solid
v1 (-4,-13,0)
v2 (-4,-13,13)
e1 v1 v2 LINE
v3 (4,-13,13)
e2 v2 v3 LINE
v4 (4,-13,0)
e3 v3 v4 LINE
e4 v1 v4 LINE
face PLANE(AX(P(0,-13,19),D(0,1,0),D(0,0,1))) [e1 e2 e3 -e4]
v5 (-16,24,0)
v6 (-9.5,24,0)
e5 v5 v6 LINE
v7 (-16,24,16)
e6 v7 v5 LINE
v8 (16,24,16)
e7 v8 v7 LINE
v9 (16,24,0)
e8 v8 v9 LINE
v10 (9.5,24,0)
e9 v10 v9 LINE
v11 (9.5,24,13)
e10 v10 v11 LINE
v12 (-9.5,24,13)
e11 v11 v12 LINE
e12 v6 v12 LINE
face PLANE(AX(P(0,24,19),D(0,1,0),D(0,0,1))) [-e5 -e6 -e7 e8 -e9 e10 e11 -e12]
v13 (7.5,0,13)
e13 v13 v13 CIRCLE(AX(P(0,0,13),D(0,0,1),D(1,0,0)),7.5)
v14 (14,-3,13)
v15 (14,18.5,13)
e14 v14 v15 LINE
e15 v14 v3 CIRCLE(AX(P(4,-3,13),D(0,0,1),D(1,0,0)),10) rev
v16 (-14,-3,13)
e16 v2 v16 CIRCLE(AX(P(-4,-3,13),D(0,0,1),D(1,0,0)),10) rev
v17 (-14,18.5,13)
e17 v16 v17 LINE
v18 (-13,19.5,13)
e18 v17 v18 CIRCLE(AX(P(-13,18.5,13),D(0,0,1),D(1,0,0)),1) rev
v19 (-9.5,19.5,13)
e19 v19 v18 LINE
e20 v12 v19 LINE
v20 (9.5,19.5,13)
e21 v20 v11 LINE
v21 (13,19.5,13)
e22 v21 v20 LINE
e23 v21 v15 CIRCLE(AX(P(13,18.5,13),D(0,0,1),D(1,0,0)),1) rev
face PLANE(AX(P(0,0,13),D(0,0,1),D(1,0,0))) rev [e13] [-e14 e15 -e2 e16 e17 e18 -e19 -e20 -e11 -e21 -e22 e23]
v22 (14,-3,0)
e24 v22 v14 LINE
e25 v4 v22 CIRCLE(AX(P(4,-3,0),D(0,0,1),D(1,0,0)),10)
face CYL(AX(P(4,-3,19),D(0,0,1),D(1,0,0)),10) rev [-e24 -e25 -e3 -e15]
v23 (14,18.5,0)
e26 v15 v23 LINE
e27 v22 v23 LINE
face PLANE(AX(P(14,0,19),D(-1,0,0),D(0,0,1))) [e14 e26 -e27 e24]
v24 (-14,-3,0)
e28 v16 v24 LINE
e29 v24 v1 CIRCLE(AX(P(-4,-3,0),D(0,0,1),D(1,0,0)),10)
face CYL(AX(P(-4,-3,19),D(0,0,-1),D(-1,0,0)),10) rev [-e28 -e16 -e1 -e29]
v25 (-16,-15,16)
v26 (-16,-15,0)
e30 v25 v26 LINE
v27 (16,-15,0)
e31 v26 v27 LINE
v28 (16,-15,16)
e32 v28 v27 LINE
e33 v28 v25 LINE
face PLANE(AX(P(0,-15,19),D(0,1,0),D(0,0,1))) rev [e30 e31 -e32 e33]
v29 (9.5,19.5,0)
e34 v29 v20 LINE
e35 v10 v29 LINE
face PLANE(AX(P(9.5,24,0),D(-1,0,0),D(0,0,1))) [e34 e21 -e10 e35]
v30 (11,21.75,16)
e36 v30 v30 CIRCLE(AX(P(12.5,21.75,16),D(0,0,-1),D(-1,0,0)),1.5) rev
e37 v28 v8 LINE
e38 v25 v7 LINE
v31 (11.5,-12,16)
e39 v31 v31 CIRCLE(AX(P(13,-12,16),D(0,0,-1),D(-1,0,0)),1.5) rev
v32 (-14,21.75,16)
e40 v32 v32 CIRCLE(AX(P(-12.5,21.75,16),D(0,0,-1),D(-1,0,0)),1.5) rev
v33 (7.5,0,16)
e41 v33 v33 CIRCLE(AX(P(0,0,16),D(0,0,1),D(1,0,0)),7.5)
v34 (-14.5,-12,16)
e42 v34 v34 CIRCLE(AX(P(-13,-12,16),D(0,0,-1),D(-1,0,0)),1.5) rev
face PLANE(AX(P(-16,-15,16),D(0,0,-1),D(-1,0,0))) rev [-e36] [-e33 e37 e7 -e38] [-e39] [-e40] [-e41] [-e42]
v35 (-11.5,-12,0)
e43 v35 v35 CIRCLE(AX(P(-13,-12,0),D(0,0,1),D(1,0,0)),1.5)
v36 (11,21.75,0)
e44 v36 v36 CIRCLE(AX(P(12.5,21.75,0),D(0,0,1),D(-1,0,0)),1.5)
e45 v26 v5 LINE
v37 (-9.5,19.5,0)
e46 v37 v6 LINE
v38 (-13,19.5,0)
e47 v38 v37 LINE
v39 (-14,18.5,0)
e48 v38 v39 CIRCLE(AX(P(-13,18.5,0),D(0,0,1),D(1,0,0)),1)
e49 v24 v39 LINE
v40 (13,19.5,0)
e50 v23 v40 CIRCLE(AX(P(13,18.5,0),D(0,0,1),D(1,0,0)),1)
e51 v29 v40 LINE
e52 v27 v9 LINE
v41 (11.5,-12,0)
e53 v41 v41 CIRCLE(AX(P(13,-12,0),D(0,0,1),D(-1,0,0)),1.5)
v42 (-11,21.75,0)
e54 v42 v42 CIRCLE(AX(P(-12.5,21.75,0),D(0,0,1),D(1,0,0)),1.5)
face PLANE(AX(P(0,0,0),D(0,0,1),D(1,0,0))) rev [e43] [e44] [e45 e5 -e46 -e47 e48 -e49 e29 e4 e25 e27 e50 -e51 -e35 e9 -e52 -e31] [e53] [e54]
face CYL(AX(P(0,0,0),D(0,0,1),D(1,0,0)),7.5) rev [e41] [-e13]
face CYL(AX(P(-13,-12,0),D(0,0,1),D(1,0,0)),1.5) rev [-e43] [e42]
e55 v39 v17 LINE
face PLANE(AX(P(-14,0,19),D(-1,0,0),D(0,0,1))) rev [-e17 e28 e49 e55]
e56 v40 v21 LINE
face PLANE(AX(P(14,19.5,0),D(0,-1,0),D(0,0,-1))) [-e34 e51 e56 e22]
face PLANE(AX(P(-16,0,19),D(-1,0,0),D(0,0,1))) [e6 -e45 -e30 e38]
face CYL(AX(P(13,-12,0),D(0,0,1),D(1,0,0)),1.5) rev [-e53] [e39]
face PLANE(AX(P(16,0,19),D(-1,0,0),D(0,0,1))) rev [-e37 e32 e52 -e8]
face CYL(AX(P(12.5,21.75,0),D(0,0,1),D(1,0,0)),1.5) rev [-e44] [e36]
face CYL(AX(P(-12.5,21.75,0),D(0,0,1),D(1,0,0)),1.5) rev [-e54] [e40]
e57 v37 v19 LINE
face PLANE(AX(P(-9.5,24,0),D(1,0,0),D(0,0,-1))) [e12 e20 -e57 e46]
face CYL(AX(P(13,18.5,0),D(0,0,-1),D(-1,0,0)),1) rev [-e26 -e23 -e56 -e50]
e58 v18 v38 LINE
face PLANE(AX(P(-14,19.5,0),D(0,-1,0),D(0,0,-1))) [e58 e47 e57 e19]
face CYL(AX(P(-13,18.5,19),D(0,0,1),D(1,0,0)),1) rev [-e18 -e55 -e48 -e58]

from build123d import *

# Parameters (mm, degrees)
BOSS_EXTRUDE1_DEPTH = 19
SKETCH2_W           = 4.5
SKETCH2_H           = 4.5
BOSS_EXTRUDE2_DEPTH = 19
FILLET1_R           = 10
FILLET2_R           = 10
FILLET3_R           = 1
SKETCH3_R           = 1.5
CUT_EXTRUDE1_DEPTH  = 19
SKETCH4_W           = 32
SKETCH4_H           = 3
CUT_EXTRUDE2_DEPTH  = 47.238512087
SKETCH5_W           = 32
SKETCH5_H           = 39
SKETCH5_R           = 1.5
BOSS_EXTRUDE3_DEPTH = 3
SKETCH6_R           = 7.5
CUT_EXTRUDE3_DEPTH  = 33.984845005


with BuildPart() as part:
    # Sketch1 → Boss-Extrude1 (new body)
    with BuildSketch(Plane.XY):
        with BuildLine():
            Line((-16, 24), (-16, 0))
            ThreePointArc((-16, 0), (-15.491933385, 4), (-14, 7.745966692))
            Line((-14, 7.745966692), (-14, 22))
            Line((-14, 22), (-14, 24))
            Line((-14, 24), (-16, 24))
        make_face()
        with BuildLine():
            ThreePointArc((-14, 7.745966692), (-15.491933385, 4), (-16, 0))
            ThreePointArc((-16, 0), (-15.491933385, -4), (-14, -7.745966692))
            Line((-14, -7.745966692), (-14, 0))
            Line((-14, 0), (-14, 7.745966692))
        make_face()
        with BuildLine():
            ThreePointArc((-14, -7.745966692), (-15.491933385, -4), (-16, 0))
            Line((-16, 0), (-16, -15))
            Line((-16, -15), (-5.567764363, -15))
            ThreePointArc((-5.567764363, -15), (-7.514407784, -14.125638947), (-9.327379053, -13))
            Line((-9.327379053, -13), (-14, -13))
            Line((-14, -13), (-14, -7.745966692))
        make_face()
        with BuildLine():
            ThreePointArc((-9.327379053, -13), (-7.514407784, -14.125638947), (-5.567764363, -15))
            Line((-5.567764363, -15), (5.567764363, -15))
            ThreePointArc((5.567764363, -15), (7.514407784, -14.125638947), (9.327379053, -13))
            Line((9.327379053, -13), (5.196152423, -13))
            ThreePointArc((5.196152423, -13), (0, -14), (-5.196152423, -13))
            Line((-5.196152423, -13), (-9.327379053, -13))
        make_face()
        with BuildLine():
            Line((5.196152423, -13), (-5.196152423, -13))
            ThreePointArc((-5.196152423, -13), (0, -14), (5.196152423, -13))
        make_face()
        with BuildLine():
            ThreePointArc((9.327379053, -13), (7.514407784, -14.125638947), (5.567764363, -15))
            Line((5.567764363, -15), (16, -15))
            Line((16, -15), (16, 0))
            ThreePointArc((16, 0), (15.491933385, -4), (14, -7.745966692))
            Line((14, -7.745966692), (14, -13))
            Line((14, -13), (9.327379053, -13))
        make_face()
        with BuildLine():
            ThreePointArc((16, 0), (15.491933385, 4), (14, 7.745966692))
            Line((14, 7.745966692), (14, 0))
            Line((14, 0), (14, -7.745966692))
            ThreePointArc((14, -7.745966692), (15.491933385, -4), (16, 0))
        make_face()
        with BuildLine():
            Line((14, 22), (14, 7.745966692))
            ThreePointArc((14, 7.745966692), (15.491933385, 4), (16, 0))
            Line((16, 0), (16, 24))
            Line((16, 24), (14, 24))
            Line((14, 24), (14, 22))
        make_face()
    extrude(amount=BOSS_EXTRUDE1_DEPTH)

    # Sketch2 → Boss-Extrude2 (add)
    with BuildSketch(Plane.XY.offset(19)):
        with Locations((-11.75, 21.75)):
            Rectangle(SKETCH2_W, SKETCH2_H)
        with Locations((11.75, 21.75)):
            Rectangle(SKETCH2_W, SKETCH2_H)
    extrude(amount=-BOSS_EXTRUDE2_DEPTH)

    # Fillet1
    fillet1_edges = [part.edges().sort_by_distance(p)[0] for p in [
        (-14, -13, 9.5),
    ]]
    fillet(fillet1_edges, radius=FILLET1_R)

    # Fillet2
    fillet2_edges = [part.edges().sort_by_distance(p)[0] for p in [
        (14, -13, 9.5),
    ]]
    fillet(fillet2_edges, radius=FILLET2_R)

    # Fillet3
    fillet3_edges = [part.edges().sort_by_distance(p)[0] for p in [
        (-14, 19.5, 9.5),
        (14, 19.5, 9.5),
    ]]
    fillet(fillet3_edges, radius=FILLET3_R)

    # Sketch3 → Cut-Extrude1 (cut)
    with BuildSketch(Plane.XY.offset(19)):
        with Locations((-12.5, 21.75)):
            Circle(SKETCH3_R)
        with Locations((-13, -12)):
            Circle(SKETCH3_R)
        with Locations(Location((12.5, 21.75, 0), (0, 0, 180))):
            Circle(SKETCH3_R)
        with Locations(Location((13, -12, 0), (0, 0, 180))):
            Circle(SKETCH3_R)
    extrude(amount=-CUT_EXTRUDE1_DEPTH, mode=Mode.SUBTRACT)

    # Sketch4 → Cut-Extrude2 (cut, through all)
    with BuildSketch(Plane(origin=(0, 24, 0), x_dir=(1, 0, 0), z_dir=(0, 1, 0))):
        with Locations((0, -17.5)):
            Rectangle(SKETCH4_W, SKETCH4_H)
    extrude(amount=-CUT_EXTRUDE2_DEPTH, mode=Mode.SUBTRACT)

    # Sketch5 → Boss-Extrude3 (add)
    with BuildSketch(Plane.XY.offset(16)):
        with Locations((0, 4.5)):
            Rectangle(SKETCH5_W, SKETCH5_H)
        with Locations((-12.5, 21.75)):
            Circle(SKETCH5_R, mode=Mode.SUBTRACT)
        with Locations(Location((12.5, 21.75, 0), (0, 0, 180))):
            Circle(SKETCH5_R, mode=Mode.SUBTRACT)
        with Locations((-13, -12)):
            Circle(SKETCH5_R, mode=Mode.SUBTRACT)
        with Locations(Location((13, -12, 0), (0, 0, 180))):
            Circle(SKETCH5_R, mode=Mode.SUBTRACT)
    extrude(amount=-BOSS_EXTRUDE3_DEPTH)

    # Sketch6 → Cut-Extrude3 (cut, through all)
    with BuildSketch(Plane.XY.offset(16)):
        Circle(SKETCH6_R)
    extrude(amount=-CUT_EXTRUDE3_DEPTH, mode=Mode.SUBTRACT)


solid = part.part
